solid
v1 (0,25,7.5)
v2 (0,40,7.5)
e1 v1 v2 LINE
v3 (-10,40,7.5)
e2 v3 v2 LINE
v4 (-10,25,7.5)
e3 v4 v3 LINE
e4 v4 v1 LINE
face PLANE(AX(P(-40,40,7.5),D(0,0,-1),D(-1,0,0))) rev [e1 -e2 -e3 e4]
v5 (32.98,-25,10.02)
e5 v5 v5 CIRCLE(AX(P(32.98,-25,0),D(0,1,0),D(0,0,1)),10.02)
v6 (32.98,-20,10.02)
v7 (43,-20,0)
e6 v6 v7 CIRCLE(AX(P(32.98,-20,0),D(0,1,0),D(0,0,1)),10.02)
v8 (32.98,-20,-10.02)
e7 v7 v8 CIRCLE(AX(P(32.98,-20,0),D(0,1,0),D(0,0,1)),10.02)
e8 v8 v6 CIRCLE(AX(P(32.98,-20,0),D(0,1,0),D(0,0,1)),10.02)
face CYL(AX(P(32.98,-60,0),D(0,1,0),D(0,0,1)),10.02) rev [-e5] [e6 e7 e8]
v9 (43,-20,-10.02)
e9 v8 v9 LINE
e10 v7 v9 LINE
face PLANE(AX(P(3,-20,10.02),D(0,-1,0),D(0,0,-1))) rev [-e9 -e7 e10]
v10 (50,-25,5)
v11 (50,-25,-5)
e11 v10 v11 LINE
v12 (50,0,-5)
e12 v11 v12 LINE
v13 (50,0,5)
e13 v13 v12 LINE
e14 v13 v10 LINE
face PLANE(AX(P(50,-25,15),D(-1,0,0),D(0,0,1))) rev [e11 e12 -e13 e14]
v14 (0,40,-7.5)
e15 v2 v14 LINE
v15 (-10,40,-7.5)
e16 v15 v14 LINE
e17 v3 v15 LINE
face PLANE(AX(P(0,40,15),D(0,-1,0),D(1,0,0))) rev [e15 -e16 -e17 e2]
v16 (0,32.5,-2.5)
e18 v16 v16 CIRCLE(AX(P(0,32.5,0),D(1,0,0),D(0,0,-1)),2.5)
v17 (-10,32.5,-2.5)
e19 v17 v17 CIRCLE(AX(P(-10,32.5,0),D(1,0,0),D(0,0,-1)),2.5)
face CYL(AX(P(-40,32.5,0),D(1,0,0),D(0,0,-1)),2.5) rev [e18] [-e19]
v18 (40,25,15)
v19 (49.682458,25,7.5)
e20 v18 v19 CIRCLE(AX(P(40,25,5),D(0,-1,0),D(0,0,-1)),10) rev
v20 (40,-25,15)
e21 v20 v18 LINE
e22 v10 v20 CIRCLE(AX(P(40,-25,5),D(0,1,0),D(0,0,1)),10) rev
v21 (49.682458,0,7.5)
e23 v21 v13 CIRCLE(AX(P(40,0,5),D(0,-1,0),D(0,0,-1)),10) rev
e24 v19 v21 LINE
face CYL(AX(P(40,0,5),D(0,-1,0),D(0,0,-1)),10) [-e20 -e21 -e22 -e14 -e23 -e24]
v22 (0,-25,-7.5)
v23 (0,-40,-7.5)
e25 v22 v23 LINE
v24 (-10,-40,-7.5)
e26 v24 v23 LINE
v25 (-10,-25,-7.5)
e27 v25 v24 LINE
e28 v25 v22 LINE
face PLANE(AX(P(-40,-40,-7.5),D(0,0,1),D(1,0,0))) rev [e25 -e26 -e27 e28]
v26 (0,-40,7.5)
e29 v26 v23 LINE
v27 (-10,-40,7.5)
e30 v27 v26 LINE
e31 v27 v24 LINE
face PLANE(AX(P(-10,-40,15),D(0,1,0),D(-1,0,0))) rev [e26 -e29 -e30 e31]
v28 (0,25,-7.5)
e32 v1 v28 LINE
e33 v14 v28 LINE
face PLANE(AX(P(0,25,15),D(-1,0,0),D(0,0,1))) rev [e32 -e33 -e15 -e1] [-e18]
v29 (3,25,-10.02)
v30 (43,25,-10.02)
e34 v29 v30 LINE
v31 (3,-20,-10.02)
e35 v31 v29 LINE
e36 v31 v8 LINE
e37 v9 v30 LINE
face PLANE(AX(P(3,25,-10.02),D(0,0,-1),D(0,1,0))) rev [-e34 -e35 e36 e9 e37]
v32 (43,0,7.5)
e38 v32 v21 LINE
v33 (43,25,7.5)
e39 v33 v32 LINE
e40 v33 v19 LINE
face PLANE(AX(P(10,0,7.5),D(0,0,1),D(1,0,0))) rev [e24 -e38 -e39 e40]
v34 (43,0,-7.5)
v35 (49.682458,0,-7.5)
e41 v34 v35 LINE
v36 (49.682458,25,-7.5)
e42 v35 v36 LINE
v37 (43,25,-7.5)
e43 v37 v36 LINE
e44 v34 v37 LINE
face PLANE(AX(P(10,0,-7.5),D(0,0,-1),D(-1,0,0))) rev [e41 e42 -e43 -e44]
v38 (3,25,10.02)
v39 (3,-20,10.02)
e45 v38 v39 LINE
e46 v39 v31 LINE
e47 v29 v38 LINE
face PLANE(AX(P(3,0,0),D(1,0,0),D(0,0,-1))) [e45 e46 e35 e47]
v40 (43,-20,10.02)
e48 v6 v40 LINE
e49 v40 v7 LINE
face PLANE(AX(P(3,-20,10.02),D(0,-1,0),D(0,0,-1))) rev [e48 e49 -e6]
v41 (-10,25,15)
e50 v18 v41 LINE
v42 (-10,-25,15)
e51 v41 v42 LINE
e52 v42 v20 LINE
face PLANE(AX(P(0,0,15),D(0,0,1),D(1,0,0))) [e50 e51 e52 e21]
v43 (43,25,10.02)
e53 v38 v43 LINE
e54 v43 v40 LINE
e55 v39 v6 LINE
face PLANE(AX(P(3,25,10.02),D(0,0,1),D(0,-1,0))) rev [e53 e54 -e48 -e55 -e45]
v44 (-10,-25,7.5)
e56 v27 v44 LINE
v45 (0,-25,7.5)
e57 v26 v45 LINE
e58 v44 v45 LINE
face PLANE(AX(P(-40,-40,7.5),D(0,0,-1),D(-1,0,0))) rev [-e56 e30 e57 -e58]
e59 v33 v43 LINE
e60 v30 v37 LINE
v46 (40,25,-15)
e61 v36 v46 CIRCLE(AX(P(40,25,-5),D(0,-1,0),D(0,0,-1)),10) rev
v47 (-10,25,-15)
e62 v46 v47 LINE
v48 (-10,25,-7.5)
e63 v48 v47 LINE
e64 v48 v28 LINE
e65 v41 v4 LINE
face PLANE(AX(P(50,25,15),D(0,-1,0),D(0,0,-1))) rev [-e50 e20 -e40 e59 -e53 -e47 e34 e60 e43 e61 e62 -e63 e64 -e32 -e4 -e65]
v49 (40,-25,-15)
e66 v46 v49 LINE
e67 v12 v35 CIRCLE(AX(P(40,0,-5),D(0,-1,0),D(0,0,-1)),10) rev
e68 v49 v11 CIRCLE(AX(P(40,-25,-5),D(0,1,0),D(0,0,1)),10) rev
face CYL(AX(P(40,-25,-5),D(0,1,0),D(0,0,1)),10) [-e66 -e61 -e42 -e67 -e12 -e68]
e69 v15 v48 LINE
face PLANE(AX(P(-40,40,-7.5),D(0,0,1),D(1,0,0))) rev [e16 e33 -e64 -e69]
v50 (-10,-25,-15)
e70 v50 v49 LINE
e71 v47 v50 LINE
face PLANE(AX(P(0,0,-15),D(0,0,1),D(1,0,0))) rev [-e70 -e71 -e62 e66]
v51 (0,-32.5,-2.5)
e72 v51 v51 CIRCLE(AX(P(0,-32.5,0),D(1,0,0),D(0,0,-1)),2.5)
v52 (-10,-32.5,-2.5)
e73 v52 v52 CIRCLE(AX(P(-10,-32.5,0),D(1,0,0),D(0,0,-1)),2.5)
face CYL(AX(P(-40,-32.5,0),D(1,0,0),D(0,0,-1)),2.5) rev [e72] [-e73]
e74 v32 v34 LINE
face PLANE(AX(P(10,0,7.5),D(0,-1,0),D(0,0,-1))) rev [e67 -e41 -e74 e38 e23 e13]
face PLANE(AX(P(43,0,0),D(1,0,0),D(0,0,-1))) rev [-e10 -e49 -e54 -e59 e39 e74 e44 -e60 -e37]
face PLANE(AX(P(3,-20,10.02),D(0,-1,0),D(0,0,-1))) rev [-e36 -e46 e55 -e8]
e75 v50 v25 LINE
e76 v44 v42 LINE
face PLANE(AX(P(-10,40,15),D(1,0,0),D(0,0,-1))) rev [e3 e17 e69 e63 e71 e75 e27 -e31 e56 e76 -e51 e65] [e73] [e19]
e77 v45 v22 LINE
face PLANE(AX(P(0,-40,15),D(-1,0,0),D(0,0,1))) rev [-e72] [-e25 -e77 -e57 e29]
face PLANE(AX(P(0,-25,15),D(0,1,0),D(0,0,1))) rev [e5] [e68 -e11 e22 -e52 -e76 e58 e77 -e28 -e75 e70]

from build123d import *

# Parameters (mm, degrees)
BOSS_EXTRUDE1_DEPTH = 15
CUT_EXTRUDE1_START  = -7
SKETCH2_W           = 20.04
SKETCH2_H           = 45
CUT_EXTRUDE1_DEPTH  = 40
SKETCH5_R           = 10.02
CUT_EXTRUDE2_DEPTH  = 40
SKETCH6_W           = 15
SKETCH6_H           = 25
CUT_EXTRUDE3_DEPTH  = 40
SKETCH7_R           = 2.5
SKETCH7_W           = 7.5
SKETCH7_H           = 15
CUT_EXTRUDE4_DEPTH  = 40
FILLET1_R           = 10


with BuildPart() as part:
    # Sketch1 → Boss-Extrude1 (new, symmetric)
    with BuildSketch(Plane.XY):
        Polygon((-10, 40), (-10, -40), (0, -40), (0, -25), (50, -25), (50, 25), (0, 25), (0, 40), align=None)
    extrude(amount=BOSS_EXTRUDE1_DEPTH, both=True)

    # Sketch2 → Cut-Extrude1 (cut)
    with BuildSketch(Plane(origin=(50, 0, 0), x_dir=(0, 0, -1), z_dir=(1, 0, 0)).offset(CUT_EXTRUDE1_START)):
        with Locations((0, 2.5)):
            Rectangle(SKETCH2_W, SKETCH2_H)
    extrude(amount=-CUT_EXTRUDE1_DEPTH, mode=Mode.SUBTRACT)

    # Sketch5 → Cut-Extrude2 (cut)
    with BuildSketch(Plane(origin=(0, -20, 0), x_dir=(1, 0, 0), z_dir=(0, 1, 0))):
        with Locations(Location((32.98, 0, 0), (0, 0, 270))):
            Circle(SKETCH5_R)
    extrude(amount=-CUT_EXTRUDE2_DEPTH, mode=Mode.SUBTRACT)

    # Sketch6 → Cut-Extrude3 (cut)
    with BuildSketch(Plane(origin=(50, 0, 0), x_dir=(0, 0, -1), z_dir=(1, 0, 0))):
        with Locations((0, 12.5)):
            Rectangle(SKETCH6_W, SKETCH6_H)
    extrude(amount=-CUT_EXTRUDE3_DEPTH, mode=Mode.SUBTRACT)

    # Sketch7 → Cut-Extrude4 (cut)
    with BuildSketch(Plane(origin=(0, 0, 0), x_dir=(0, 0, -1), z_dir=(1, 0, 0))):
        with Locations((0, 32.5)):
            Circle(SKETCH7_R)
        with Locations((0, -32.5)):
            Circle(SKETCH7_R)
        with Locations((11.25, 32.5)):
            Rectangle(SKETCH7_W, SKETCH7_H)
        with Locations((-11.25, 32.5)):
            Rectangle(SKETCH7_W, SKETCH7_H)
        with Locations((-11.25, -32.5)):
            Rectangle(SKETCH7_W, SKETCH7_H)
        with Locations((11.25, -32.5)):
            Rectangle(SKETCH7_W, SKETCH7_H)
    extrude(amount=-CUT_EXTRUDE4_DEPTH, mode=Mode.SUBTRACT)

    # Fillet1
    fillet1_edges = [part.edges().sort_by_distance(p)[0] for p in [
        (50, 0, -15),
        (50, 0, 15),
    ]]
    fillet(fillet1_edges, radius=FILLET1_R)


solid = part.part
